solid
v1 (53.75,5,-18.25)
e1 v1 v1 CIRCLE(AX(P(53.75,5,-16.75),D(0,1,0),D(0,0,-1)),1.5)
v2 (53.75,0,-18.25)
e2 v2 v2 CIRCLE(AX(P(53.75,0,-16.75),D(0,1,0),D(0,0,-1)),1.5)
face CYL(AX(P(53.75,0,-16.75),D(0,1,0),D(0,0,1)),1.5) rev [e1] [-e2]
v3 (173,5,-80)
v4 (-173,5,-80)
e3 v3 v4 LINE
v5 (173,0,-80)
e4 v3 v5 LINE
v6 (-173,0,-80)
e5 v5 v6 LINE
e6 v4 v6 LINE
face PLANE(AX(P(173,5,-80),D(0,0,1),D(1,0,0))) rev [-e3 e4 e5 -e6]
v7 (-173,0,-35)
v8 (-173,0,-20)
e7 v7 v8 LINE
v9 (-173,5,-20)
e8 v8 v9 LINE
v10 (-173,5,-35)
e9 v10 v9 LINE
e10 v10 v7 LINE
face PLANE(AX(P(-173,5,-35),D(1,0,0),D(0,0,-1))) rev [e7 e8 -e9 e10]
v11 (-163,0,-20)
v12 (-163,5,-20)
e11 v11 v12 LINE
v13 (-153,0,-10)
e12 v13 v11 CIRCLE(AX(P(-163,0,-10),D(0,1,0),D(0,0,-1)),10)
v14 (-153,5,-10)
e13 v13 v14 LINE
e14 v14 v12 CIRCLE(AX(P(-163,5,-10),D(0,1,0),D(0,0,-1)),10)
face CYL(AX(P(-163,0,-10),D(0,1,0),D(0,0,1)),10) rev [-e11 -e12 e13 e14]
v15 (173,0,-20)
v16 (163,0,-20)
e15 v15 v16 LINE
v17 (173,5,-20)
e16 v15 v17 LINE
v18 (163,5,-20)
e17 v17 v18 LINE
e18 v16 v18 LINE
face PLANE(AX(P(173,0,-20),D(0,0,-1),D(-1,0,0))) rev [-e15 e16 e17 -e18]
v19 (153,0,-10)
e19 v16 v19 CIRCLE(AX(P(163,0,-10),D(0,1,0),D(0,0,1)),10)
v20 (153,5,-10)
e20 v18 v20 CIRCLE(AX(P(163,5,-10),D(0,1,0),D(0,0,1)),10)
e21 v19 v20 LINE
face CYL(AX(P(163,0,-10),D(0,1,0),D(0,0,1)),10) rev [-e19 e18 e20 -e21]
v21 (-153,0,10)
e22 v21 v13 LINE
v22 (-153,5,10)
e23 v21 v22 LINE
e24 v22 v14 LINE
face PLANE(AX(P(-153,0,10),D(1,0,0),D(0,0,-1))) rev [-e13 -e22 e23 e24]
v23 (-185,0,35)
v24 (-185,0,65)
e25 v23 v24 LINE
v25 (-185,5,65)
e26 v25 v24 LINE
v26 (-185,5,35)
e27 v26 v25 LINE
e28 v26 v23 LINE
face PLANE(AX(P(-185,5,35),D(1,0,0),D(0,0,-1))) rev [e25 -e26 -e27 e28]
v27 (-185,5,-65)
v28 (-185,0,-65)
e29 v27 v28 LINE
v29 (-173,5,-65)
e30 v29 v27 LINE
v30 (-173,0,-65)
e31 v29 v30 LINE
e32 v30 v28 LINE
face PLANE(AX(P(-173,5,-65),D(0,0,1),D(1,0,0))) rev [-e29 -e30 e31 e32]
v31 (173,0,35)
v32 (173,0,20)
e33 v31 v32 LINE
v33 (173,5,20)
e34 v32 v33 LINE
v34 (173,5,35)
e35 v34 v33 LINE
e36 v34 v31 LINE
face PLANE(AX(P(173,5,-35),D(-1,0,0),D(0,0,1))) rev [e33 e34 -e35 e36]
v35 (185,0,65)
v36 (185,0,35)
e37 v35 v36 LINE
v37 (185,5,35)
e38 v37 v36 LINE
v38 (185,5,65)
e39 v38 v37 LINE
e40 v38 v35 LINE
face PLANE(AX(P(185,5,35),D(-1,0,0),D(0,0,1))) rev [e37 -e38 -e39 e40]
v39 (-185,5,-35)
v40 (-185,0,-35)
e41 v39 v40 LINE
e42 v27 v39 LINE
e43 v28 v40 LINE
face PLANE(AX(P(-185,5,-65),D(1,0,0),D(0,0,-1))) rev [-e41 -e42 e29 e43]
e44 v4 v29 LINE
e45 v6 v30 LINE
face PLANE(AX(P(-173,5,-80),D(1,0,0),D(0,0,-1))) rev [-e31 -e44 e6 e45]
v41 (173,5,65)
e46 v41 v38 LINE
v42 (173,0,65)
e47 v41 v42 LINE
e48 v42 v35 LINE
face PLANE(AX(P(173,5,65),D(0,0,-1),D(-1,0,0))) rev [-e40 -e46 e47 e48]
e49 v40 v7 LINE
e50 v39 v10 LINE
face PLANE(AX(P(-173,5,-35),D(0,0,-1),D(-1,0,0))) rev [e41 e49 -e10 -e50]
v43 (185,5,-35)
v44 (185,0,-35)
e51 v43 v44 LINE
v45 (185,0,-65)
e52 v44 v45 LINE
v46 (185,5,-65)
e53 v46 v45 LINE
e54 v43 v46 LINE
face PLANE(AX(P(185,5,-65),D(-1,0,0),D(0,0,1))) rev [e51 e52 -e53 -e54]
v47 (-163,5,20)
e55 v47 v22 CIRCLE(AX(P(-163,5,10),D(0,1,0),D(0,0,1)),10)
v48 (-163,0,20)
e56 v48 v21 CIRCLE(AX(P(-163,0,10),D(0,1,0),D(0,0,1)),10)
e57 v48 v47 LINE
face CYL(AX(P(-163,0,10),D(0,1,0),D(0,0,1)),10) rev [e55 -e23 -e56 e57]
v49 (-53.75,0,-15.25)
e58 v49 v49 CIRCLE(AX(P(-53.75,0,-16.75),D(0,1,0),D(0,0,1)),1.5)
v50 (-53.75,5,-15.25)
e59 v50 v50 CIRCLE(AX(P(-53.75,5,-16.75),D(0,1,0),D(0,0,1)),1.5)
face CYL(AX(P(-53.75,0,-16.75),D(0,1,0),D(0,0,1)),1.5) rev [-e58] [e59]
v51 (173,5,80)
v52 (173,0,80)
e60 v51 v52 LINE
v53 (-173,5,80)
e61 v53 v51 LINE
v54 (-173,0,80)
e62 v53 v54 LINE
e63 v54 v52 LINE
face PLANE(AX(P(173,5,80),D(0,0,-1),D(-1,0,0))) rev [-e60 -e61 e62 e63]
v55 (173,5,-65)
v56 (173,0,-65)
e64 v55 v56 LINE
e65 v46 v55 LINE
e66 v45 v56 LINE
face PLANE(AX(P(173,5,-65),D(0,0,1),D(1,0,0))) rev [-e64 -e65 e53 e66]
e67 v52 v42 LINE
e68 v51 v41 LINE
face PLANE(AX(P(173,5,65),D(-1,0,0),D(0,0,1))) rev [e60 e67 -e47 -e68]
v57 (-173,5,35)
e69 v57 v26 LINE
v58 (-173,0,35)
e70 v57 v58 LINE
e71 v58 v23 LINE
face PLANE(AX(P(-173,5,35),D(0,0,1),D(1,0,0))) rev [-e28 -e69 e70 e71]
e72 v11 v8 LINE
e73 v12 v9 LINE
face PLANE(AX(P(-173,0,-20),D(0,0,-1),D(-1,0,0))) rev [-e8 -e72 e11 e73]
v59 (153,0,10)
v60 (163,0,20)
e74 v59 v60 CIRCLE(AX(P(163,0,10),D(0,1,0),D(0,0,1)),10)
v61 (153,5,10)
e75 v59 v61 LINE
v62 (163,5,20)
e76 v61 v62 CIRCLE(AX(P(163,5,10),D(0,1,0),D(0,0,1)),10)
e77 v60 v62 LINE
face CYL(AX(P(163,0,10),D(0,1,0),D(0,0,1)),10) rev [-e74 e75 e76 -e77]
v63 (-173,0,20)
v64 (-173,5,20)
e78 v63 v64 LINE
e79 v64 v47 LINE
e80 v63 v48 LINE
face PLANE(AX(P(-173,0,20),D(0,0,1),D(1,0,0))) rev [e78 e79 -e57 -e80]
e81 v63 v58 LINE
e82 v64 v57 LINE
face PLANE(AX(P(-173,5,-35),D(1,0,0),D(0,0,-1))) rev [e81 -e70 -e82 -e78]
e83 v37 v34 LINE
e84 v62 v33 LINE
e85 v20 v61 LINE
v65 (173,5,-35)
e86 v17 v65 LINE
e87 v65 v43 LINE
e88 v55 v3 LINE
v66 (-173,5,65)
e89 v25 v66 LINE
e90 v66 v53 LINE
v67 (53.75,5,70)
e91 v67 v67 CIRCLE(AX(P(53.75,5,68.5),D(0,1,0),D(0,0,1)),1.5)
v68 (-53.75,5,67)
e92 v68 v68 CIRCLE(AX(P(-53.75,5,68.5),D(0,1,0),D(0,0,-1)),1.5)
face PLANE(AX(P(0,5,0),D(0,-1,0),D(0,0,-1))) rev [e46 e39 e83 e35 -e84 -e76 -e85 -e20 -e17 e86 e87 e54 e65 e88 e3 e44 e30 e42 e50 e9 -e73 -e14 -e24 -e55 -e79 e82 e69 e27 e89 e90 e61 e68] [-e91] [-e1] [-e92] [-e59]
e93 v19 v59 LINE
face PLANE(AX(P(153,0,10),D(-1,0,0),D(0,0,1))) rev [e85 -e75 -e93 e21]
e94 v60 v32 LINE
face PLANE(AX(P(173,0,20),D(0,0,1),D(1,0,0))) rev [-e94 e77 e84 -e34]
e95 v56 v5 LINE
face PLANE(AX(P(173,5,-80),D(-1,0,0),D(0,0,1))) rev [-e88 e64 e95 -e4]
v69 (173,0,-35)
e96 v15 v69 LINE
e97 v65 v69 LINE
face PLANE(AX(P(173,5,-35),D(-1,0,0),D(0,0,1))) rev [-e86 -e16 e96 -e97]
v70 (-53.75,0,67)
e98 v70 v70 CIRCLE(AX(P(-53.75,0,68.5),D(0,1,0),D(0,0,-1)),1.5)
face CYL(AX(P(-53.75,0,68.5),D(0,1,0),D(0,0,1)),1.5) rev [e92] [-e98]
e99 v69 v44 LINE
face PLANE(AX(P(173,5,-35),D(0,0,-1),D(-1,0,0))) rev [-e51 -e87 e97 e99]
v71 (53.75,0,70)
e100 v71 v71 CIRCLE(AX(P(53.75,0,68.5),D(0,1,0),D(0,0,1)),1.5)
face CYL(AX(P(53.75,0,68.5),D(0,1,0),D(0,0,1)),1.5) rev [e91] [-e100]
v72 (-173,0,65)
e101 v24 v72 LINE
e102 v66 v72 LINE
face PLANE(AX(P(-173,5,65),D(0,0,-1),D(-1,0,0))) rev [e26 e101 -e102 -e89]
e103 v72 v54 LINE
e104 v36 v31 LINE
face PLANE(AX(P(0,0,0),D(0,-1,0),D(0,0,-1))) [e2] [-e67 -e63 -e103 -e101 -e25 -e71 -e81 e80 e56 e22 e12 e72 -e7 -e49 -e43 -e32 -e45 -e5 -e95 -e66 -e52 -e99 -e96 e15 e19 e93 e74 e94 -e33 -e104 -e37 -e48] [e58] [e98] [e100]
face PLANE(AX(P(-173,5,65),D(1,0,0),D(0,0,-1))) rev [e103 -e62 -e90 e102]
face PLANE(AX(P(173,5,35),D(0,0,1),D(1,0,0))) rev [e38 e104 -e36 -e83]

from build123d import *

# Parameters (mm, degrees)
EXTRUDE_1_DEPTH     = 5
SKETCH_2_R          = 1.5
CUT_EXTRUDE_1_DEPTH = 202.618451537


with BuildPart() as part:
    # 草圖1 → 填料-伸長1 (new body)
    with BuildSketch(Plane(origin=(0, 0, 0), x_dir=(1, 0, 0), z_dir=(0, 1, 0))):
        Polygon((173, -65), (185, -65), (185, -35), (173, -35), (173, 35), (185, 35), (185, 65), (173, 65), (173, 80), (-173, 80), (-173, 65), (-185, 65), (-185, 35), (-173, 35), (-173, -35), (-185, -35), (-185, -65), (-173, -65), (-173, -80), (173, -80), align=None)
    extrude(amount=EXTRUDE_1_DEPTH)

    # 草圖2 → 除料-伸長1 (cut, through all)
    with BuildSketch(Plane(origin=(0, 5, 0), x_dir=(1, 0, 0), z_dir=(0, 1, 0))):
        with Locations(Location((-53.75, 16.75, 0), (0, 0, 270))):
            Circle(SKETCH_2_R)
        with Locations(Location((53.75, 16.75, 0), (0, 0, 90))):
            Circle(SKETCH_2_R)
        with Locations(Location((53.75, -68.5, 0), (0, 0, 270))):
            Circle(SKETCH_2_R)
        with Locations(Location((-53.75, -68.5, 0), (0, 0, 90))):
            Circle(SKETCH_2_R)
        with BuildLine():
            Line((-173, -20), (-163, -20))
            ThreePointArc((-163, -20), (-155.928932188, -17.071067812), (-153, -10))
            Line((-153, -10), (-153, 10))
            ThreePointArc((-153, 10), (-155.928932188, 17.071067812), (-163, 20))
            Line((-163, 20), (-173, 20))
            Line((-173, 20), (-173, -20))
        make_face()
        with BuildLine():
            Line((173, 20), (163, 20))
            ThreePointArc((163, 20), (155.928932188, 17.071067812), (153, 10))
            Line((153, 10), (153, -10))
            ThreePointArc((153, -10), (155.928932188, -17.071067812), (163, -20))
            Line((163, -20), (173, -20))
            Line((173, -20), (173, 20))
        make_face()
    extrude(amount=-CUT_EXTRUDE_1_DEPTH, mode=Mode.SUBTRACT)


solid = part.part
